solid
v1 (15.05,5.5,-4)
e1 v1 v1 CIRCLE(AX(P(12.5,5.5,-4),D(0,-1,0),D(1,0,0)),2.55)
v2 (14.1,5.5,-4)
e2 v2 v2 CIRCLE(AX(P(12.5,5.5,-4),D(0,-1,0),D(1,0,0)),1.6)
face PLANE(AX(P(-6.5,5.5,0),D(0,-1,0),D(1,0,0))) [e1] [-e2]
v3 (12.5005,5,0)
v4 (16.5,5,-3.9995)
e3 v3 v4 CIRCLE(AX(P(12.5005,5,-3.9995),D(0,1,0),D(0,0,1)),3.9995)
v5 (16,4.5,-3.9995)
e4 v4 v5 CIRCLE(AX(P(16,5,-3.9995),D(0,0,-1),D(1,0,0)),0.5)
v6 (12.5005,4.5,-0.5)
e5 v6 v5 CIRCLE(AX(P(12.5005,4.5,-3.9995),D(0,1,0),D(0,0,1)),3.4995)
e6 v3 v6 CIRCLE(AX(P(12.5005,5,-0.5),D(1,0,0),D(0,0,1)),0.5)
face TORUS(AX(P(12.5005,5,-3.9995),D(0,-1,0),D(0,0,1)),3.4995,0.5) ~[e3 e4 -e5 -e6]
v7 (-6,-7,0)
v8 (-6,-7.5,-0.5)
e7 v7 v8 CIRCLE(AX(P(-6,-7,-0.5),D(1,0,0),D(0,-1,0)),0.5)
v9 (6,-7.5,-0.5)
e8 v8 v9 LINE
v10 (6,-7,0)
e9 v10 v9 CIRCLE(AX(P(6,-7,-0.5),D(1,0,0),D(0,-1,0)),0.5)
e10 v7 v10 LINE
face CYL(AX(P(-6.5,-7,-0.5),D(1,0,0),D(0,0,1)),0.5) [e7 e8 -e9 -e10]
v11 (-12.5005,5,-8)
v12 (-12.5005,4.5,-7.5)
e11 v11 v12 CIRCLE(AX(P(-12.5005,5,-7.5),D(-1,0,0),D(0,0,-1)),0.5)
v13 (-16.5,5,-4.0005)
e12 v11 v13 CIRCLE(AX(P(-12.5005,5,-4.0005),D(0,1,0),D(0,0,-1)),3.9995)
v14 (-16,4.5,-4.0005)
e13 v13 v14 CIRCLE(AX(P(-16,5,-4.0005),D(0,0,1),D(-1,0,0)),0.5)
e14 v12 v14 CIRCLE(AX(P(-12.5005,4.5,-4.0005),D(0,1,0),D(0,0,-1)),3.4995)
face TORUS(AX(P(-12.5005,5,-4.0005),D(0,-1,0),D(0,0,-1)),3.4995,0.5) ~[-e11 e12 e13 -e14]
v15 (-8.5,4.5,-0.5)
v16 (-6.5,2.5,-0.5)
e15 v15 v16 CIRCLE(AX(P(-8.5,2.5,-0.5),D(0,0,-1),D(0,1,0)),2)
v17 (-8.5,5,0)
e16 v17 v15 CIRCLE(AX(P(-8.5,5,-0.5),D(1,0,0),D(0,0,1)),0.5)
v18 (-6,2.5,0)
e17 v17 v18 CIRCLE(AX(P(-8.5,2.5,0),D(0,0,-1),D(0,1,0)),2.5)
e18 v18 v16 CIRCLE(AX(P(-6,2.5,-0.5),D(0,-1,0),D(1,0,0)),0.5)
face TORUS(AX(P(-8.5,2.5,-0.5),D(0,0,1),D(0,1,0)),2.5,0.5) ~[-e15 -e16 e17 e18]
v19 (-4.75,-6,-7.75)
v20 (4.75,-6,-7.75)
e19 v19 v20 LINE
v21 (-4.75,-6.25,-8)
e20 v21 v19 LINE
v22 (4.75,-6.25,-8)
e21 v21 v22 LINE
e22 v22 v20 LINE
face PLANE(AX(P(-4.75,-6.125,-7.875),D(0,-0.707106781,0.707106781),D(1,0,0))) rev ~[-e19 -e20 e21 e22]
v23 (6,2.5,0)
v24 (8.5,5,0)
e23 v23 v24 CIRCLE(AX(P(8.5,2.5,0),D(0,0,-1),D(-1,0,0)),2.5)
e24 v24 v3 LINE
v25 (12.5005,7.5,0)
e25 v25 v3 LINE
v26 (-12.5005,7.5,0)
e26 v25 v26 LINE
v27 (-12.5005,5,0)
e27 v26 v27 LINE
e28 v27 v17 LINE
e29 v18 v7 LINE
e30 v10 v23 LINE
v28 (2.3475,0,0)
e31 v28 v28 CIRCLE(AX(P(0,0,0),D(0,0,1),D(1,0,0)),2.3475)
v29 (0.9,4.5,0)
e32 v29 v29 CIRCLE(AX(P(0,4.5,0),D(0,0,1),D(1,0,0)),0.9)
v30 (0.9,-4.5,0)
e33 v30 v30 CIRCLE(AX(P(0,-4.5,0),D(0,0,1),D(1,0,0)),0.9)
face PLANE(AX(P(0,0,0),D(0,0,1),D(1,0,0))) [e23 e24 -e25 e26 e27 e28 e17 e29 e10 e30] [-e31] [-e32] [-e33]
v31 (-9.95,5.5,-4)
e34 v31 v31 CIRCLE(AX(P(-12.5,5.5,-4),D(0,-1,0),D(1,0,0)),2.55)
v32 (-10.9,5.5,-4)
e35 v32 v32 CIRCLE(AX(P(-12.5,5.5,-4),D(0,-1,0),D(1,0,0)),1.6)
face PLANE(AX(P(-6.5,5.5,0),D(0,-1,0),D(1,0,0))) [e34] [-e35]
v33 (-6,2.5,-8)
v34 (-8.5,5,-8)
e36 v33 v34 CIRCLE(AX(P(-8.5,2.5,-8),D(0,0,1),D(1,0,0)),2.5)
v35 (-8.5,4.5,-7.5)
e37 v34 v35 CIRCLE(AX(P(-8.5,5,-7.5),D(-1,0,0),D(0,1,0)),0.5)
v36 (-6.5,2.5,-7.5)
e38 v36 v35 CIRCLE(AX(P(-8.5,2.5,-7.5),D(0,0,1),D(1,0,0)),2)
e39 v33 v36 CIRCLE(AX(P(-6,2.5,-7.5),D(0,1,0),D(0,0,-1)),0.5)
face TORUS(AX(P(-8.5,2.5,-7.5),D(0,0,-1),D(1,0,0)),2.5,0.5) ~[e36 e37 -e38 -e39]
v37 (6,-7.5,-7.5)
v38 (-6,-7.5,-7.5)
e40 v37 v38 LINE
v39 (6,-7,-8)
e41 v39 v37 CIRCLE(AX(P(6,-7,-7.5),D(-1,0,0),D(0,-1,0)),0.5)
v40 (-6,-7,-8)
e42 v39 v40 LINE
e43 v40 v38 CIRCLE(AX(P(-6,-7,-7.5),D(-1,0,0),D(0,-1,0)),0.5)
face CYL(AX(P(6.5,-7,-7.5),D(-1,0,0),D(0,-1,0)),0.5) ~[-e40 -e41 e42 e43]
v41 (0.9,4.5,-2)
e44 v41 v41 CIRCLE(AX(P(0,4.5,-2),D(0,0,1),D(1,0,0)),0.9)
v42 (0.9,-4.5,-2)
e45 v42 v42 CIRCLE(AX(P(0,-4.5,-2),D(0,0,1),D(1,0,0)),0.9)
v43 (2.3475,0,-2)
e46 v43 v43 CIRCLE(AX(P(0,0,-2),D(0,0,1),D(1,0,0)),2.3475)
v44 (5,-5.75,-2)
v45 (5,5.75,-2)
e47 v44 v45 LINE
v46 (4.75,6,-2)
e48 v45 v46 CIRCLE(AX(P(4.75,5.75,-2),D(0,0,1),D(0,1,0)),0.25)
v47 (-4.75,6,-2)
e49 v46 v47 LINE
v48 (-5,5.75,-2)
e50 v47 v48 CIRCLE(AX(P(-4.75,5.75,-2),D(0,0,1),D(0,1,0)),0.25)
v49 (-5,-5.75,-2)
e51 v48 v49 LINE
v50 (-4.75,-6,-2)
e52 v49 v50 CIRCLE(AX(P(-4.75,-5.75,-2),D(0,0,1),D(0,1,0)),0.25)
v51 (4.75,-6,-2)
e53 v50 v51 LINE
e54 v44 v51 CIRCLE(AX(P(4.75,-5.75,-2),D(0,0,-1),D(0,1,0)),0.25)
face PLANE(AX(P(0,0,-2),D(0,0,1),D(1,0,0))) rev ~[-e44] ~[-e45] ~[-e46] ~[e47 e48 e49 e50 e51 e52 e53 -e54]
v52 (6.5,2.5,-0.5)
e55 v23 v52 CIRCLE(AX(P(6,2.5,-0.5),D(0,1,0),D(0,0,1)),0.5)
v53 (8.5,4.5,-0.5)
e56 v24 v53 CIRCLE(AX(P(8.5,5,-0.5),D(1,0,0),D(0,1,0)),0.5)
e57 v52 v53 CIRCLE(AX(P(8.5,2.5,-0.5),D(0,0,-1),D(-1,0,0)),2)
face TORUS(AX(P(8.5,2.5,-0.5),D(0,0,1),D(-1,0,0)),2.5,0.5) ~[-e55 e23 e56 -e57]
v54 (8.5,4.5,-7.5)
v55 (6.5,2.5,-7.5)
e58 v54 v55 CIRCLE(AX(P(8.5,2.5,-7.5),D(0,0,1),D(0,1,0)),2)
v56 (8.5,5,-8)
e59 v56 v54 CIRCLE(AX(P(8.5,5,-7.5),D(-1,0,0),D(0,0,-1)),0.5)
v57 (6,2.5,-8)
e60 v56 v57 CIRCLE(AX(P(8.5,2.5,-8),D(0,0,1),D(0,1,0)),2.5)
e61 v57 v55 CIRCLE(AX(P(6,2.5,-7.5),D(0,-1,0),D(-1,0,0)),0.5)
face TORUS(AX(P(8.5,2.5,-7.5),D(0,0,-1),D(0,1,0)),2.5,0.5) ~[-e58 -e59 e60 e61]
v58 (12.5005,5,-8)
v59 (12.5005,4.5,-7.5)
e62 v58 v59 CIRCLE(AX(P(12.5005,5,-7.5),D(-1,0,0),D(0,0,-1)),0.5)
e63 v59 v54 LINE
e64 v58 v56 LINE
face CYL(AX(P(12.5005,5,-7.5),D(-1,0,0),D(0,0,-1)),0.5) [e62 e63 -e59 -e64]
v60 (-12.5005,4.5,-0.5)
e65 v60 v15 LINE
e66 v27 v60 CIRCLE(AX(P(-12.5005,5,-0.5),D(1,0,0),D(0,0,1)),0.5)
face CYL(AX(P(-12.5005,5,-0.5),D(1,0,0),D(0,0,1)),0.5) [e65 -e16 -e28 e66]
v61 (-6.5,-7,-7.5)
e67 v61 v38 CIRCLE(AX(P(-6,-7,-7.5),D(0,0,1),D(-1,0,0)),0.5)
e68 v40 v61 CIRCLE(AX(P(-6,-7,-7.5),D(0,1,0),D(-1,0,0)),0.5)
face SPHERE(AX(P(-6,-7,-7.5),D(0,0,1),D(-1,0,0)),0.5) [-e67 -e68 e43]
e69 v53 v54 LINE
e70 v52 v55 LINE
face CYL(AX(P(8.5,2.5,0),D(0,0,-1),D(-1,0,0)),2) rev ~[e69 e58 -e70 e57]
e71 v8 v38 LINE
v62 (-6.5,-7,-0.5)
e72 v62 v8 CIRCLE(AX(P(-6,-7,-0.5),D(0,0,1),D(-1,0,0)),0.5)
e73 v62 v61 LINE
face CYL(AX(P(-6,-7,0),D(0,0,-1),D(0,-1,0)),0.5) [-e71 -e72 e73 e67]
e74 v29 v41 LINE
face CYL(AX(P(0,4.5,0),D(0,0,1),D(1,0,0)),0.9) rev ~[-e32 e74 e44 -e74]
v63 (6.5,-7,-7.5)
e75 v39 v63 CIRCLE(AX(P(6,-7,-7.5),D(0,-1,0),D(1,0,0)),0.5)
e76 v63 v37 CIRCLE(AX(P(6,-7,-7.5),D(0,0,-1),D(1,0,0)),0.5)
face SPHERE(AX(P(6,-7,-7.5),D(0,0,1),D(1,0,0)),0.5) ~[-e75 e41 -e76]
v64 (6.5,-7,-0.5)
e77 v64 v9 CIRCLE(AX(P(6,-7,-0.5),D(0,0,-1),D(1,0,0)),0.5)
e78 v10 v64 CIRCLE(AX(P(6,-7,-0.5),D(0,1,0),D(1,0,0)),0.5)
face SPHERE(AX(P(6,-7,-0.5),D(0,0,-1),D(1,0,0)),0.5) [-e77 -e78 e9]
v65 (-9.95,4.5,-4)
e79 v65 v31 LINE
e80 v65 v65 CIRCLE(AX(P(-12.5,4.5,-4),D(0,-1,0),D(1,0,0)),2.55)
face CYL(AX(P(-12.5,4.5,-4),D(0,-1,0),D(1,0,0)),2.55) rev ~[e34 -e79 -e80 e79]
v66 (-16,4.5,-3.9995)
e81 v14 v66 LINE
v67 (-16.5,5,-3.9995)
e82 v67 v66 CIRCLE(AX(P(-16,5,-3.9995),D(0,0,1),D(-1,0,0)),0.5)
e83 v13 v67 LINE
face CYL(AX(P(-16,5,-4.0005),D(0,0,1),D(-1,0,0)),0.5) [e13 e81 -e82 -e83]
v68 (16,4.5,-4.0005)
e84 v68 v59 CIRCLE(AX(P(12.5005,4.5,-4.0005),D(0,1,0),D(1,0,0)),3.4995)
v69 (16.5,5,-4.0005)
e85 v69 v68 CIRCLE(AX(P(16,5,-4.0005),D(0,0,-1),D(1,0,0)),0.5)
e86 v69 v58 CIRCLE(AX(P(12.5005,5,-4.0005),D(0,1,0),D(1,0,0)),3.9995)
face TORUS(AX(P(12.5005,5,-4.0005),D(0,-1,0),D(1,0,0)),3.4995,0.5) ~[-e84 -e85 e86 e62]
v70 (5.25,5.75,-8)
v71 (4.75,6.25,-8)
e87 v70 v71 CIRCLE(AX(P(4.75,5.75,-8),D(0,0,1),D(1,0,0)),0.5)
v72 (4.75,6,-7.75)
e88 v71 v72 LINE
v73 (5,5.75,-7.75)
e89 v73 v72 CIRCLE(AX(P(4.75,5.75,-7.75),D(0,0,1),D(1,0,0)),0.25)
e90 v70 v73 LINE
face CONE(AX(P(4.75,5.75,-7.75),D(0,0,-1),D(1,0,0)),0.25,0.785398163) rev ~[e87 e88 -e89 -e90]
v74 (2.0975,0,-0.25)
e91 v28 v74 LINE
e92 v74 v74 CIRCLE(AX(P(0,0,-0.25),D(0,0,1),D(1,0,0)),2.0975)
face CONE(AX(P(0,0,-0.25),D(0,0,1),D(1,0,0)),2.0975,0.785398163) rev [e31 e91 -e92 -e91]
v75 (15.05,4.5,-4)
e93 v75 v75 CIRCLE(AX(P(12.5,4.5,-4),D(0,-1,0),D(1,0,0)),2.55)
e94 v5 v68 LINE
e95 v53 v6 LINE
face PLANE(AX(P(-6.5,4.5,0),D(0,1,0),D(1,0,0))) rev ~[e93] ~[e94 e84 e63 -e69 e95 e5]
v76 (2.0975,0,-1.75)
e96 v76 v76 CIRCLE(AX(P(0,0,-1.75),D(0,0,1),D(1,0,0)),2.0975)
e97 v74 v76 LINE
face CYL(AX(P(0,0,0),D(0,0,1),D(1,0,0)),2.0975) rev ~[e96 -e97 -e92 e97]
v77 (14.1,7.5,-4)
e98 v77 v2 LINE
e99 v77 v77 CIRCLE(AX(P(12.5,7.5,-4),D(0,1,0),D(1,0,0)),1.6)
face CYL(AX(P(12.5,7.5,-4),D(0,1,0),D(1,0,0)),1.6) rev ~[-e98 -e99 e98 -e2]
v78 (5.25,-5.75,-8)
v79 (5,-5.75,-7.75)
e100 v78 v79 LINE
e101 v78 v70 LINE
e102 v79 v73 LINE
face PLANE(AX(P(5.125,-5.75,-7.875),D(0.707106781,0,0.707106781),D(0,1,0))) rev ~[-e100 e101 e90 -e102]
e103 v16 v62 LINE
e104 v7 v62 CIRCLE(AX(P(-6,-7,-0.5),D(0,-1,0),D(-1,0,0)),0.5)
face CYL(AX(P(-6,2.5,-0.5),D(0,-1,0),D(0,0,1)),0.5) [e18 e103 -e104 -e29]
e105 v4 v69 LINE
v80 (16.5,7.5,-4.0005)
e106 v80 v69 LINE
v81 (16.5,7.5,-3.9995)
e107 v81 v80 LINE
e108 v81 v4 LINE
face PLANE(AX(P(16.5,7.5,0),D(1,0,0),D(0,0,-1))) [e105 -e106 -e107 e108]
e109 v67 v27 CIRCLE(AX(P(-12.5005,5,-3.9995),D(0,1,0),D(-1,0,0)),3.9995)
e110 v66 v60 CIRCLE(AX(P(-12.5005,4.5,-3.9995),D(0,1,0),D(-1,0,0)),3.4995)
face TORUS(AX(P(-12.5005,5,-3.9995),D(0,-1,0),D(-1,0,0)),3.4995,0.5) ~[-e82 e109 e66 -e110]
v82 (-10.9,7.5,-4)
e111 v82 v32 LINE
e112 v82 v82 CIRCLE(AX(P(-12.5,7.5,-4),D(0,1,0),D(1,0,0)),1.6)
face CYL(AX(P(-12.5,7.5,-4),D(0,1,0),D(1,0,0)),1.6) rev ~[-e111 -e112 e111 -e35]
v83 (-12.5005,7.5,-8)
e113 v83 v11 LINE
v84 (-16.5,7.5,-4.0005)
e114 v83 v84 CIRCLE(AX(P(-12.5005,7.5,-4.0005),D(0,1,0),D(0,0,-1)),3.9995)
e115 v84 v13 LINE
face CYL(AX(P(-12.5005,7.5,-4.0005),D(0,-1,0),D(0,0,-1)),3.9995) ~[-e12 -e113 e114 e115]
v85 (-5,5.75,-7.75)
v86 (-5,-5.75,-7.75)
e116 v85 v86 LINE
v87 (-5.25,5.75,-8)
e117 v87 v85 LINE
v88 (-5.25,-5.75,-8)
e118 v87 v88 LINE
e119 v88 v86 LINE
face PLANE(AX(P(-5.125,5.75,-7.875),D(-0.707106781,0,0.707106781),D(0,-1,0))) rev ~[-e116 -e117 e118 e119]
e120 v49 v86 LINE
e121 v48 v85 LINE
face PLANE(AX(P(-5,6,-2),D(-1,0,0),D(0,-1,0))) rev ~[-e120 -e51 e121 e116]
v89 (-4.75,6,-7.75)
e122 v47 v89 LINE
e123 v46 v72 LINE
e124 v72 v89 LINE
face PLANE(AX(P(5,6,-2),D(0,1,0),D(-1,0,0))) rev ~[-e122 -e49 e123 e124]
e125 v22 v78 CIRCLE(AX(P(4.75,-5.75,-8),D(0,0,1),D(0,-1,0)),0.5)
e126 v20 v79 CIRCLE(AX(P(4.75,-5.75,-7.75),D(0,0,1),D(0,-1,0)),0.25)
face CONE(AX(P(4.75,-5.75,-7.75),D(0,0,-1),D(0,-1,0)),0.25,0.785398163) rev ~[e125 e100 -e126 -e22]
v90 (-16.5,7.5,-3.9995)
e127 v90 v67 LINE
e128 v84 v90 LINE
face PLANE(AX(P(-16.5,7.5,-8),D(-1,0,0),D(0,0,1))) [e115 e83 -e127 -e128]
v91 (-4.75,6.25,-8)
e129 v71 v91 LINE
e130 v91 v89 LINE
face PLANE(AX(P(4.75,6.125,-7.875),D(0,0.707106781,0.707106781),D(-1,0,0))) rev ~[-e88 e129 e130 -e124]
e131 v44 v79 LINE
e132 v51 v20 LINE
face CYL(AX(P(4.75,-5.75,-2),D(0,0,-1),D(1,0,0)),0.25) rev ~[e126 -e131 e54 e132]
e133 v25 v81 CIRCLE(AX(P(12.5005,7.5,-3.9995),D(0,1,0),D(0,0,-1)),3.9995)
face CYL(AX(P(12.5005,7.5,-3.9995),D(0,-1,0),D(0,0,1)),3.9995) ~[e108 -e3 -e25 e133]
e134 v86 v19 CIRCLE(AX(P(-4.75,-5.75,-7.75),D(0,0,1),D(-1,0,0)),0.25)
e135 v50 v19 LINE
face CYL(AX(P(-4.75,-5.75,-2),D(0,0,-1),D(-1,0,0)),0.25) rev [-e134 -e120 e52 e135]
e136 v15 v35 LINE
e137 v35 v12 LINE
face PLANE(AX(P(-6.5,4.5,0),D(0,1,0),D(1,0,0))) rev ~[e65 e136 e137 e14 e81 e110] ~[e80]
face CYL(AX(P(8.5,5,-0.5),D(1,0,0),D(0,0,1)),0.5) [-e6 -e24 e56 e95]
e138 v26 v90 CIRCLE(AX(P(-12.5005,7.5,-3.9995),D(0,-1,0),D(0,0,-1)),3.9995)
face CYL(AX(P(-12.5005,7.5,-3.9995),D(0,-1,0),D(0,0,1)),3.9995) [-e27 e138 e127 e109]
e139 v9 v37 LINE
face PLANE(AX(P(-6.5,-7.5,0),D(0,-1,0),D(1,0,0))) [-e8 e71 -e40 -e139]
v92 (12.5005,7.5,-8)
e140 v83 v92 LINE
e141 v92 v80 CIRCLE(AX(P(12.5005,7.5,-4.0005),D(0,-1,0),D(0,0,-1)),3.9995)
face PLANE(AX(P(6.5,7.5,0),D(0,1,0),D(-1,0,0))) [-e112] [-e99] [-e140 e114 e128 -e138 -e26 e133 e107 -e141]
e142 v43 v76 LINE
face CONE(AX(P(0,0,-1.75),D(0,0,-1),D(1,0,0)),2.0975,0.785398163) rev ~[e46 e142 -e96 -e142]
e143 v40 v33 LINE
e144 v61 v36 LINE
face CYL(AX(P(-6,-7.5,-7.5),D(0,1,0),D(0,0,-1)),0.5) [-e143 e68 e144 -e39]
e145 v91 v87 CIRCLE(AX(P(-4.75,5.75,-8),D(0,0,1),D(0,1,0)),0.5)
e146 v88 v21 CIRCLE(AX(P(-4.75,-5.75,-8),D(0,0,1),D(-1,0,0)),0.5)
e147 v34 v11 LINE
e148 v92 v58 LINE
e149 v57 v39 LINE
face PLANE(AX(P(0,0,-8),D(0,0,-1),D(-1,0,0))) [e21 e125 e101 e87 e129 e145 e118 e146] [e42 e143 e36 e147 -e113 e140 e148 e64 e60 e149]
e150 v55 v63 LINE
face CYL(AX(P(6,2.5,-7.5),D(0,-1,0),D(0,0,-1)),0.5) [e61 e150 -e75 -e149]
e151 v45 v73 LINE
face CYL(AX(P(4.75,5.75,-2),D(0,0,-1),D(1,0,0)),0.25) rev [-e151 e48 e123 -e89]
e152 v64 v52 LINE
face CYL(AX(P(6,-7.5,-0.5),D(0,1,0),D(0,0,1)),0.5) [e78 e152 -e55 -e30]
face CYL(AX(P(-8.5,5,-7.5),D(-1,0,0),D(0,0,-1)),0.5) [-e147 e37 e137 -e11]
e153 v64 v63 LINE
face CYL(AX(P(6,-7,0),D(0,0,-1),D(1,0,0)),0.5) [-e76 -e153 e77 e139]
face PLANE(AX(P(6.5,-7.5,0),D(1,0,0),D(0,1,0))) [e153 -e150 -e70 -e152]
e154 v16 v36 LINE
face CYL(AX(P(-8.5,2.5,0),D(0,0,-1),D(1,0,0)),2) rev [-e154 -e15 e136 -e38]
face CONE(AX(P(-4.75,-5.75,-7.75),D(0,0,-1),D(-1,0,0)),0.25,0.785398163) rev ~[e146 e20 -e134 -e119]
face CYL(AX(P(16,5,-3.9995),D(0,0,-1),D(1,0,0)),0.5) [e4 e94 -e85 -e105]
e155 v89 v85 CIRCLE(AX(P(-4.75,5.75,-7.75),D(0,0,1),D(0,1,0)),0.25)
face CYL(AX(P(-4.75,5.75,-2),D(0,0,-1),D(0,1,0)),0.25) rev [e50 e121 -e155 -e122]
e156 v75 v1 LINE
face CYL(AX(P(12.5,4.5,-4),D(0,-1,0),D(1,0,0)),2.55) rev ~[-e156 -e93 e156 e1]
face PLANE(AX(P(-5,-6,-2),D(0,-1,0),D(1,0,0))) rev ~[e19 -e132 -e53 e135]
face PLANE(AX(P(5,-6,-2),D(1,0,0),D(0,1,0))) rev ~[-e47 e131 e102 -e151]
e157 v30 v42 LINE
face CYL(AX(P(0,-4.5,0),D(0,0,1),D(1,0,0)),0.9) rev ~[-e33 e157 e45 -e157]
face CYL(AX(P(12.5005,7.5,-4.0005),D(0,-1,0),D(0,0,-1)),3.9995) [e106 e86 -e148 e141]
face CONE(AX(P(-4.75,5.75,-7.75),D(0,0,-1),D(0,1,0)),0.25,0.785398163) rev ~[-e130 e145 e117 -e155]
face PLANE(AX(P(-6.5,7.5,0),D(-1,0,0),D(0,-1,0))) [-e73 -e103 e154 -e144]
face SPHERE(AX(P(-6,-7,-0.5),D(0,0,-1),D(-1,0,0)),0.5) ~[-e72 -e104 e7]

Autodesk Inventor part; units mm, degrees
ref_plane "YZ Plane" through (0, 0, 0) normal (1, 0, 0) x (0, 1, 0)
ref_plane "XZ Plane" through (0, 0, 0) normal (0, 1, 0) x (-1, 0, 0)
ref_plane "XY Plane" through (0, 0, 0) normal (0, 0, 1) x (1, 0, 0)
sketch "Sketch1" plane through (0, 0, 0) normal (0, 1, 0) x (-1, 0, 0)
  point P0 (0, 0)
sketch "Sketch2" plane through (0, 0, 0) normal (0, 0, 1) x (1, 0, 0)
  circle A0 centre (0, -4.5) radius 0.9
  circle A1 centre (0, 4.5) radius 0.9
  circle A2 centre (0, 0) radius 2.0975
  line L0 (6.5, 7.5) -> (-6.5, 7.5)
  line L1 (-6.5, 7.5) -> (-6.5, -7.5)
  line L2 (-6.5, -7.5) -> (6.5, -7.5)
  line L3 (6.5, -7.5) -> (6.5, 7.5)
  dimension "d0" = 1.8
  dimension "d1" = 9
  dimension "d2" = 4.195
  dimension "d3" = 4.5
  dimension "d4" = 13
  dimension "d5" = 15
  dimension "d6" = 7.5
  dimension "d7" = 6.5
extrude "Extrusion1" add sketch "Sketch2" against normal blind 2
sketch "Sketch3" plane through (0, 0, -2) normal (0, 0, -1) x (-1, 0, 0)
  line L0 (6.5, 7.5) -> (-6.5, 7.5) projected
  line L1 (-6.5, 7.5) -> (-6.5, -7.5) projected
  line L2 (6.5, -7.5) -> (6.5, 7.5) projected
  line L3 (-6.5, -7.5) -> (6.5, -7.5) projected
  line L4 (-5, 6) -> (5, 6)
  line L5 (5, 6) -> (5, -6)
  line L6 (5, -6) -> (-5, -6)
  line L7 (-5, -6) -> (-5, 6)
  point P0 (0, 0)
  dimension "d10" = 1.5
  dimension "d11" = 1.5
  dimension "d12" = 1.5
  dimension "d13" = 1.5
extrude "Extrusion2" add sketch "Sketch3" along normal blind 6
sketch "Sketch4" plane through (-6.5, 7.5, 0) normal (0, 1, 0) x (1, 0, 0)
  line L0 (13, 8) -> (0, 8) projected
  line L1 (0, 8) -> (-10, 8)
  line L2 (-10, 8) -> (-10, 0)
  line L3 (0, 0) -> (13, 0) projected
  line L4 (-10, 0) -> (0, 0)
  line L5 (13, 0) -> (23, 0)
  line L6 (23, 0) -> (23, 8)
  line L7 (23, 8) -> (13, 8)
  line L8 (0, 0) -> (0, 8) projected
  line L9 (13, 0) -> (13, 8) projected
  circle A0 centre (-6, 4) radius 1.6
  circle A1 centre (19, 4) radius 1.6
  point P0 (6.5, 0)
  point P1 (-10, 4)
  point P2 (-5, 0)
  point P3 (18, 0)
  dimension "d16" = 3.2
  dimension "d17" = 10
  dimension "d22" = 4
  dimension "d23" = 4
extrude "Extrusion3" add sketch "Sketch4" against normal blind 3 contours L7 L6 L5 L9 | L8 L4 L2 L1
fillet "Fillet1" radius 2 2 edges at (-6.5, 4.5, -4) (6.5, 4.5, -4)
fillet "Fillet2" radius 4 4 edges at (-16.5, 6, 0) (-16.5, 6, -8) (16.5, 6, 0) (16.5, 6, -8)
sketch "Sketch5" plane through (-6.5, 4.5, 0) normal (0, -1, 0) x (1, 0, 0)
  circle A0 centre (19, -4) radius 1.6 projected
  circle A1 centre (-6, -4) radius 1.6 projected
  circle A2 centre (19, -4) radius 2.55
  circle A3 centre (-6, -4) radius 2.55
  point P0 (6.5, 0)
  dimension "d24" = 5.1
extrude "Extrusion4" cut sketch "Sketch5" against normal blind 1
fillet "Fillet3" radius 0.5 16 edges at (-6.5, -7.5, -4) (6.5, -7.5, -4) (-10.5002, 4.5, 0) (-15.3286, 4.5, -1.1714) (-16.5, 4.5, -4) (-10.5003, 4.5, -8) (-6.5, -2.5, -8) (-6.5, -2.5, 0) (10.5002, 4.5, 0) (15.3286, 4.5, -1.1714) (16.5, 4.5, -4) (10.5003, 4.5, -8) (6.5, -2.5, -8) (6.5, -2.5, 0) (0, -7.5, 0) (0, -7.5, -8)
fillet "Fillet4" radius 0.25 4 edges at (5, -6, -5) (-5, -6, -5) (5, 6, -5) (-5, 6, -5)
chamfer "Chamfer1" distance 0.25 angle 45 10 edges at (-2.0975, 0, -2) (-2.0975, 0, 0) (0, -6, -8) (4.9268, -5.9268, -8) (5, 0, -8) (4.9268, 5.9268, -8) (0, 6, -8) (-4.9268, 5.9268, -8) (-5, 0, -8) (-4.9268, -5.9268, -8)
properties part number "v2motormount"
